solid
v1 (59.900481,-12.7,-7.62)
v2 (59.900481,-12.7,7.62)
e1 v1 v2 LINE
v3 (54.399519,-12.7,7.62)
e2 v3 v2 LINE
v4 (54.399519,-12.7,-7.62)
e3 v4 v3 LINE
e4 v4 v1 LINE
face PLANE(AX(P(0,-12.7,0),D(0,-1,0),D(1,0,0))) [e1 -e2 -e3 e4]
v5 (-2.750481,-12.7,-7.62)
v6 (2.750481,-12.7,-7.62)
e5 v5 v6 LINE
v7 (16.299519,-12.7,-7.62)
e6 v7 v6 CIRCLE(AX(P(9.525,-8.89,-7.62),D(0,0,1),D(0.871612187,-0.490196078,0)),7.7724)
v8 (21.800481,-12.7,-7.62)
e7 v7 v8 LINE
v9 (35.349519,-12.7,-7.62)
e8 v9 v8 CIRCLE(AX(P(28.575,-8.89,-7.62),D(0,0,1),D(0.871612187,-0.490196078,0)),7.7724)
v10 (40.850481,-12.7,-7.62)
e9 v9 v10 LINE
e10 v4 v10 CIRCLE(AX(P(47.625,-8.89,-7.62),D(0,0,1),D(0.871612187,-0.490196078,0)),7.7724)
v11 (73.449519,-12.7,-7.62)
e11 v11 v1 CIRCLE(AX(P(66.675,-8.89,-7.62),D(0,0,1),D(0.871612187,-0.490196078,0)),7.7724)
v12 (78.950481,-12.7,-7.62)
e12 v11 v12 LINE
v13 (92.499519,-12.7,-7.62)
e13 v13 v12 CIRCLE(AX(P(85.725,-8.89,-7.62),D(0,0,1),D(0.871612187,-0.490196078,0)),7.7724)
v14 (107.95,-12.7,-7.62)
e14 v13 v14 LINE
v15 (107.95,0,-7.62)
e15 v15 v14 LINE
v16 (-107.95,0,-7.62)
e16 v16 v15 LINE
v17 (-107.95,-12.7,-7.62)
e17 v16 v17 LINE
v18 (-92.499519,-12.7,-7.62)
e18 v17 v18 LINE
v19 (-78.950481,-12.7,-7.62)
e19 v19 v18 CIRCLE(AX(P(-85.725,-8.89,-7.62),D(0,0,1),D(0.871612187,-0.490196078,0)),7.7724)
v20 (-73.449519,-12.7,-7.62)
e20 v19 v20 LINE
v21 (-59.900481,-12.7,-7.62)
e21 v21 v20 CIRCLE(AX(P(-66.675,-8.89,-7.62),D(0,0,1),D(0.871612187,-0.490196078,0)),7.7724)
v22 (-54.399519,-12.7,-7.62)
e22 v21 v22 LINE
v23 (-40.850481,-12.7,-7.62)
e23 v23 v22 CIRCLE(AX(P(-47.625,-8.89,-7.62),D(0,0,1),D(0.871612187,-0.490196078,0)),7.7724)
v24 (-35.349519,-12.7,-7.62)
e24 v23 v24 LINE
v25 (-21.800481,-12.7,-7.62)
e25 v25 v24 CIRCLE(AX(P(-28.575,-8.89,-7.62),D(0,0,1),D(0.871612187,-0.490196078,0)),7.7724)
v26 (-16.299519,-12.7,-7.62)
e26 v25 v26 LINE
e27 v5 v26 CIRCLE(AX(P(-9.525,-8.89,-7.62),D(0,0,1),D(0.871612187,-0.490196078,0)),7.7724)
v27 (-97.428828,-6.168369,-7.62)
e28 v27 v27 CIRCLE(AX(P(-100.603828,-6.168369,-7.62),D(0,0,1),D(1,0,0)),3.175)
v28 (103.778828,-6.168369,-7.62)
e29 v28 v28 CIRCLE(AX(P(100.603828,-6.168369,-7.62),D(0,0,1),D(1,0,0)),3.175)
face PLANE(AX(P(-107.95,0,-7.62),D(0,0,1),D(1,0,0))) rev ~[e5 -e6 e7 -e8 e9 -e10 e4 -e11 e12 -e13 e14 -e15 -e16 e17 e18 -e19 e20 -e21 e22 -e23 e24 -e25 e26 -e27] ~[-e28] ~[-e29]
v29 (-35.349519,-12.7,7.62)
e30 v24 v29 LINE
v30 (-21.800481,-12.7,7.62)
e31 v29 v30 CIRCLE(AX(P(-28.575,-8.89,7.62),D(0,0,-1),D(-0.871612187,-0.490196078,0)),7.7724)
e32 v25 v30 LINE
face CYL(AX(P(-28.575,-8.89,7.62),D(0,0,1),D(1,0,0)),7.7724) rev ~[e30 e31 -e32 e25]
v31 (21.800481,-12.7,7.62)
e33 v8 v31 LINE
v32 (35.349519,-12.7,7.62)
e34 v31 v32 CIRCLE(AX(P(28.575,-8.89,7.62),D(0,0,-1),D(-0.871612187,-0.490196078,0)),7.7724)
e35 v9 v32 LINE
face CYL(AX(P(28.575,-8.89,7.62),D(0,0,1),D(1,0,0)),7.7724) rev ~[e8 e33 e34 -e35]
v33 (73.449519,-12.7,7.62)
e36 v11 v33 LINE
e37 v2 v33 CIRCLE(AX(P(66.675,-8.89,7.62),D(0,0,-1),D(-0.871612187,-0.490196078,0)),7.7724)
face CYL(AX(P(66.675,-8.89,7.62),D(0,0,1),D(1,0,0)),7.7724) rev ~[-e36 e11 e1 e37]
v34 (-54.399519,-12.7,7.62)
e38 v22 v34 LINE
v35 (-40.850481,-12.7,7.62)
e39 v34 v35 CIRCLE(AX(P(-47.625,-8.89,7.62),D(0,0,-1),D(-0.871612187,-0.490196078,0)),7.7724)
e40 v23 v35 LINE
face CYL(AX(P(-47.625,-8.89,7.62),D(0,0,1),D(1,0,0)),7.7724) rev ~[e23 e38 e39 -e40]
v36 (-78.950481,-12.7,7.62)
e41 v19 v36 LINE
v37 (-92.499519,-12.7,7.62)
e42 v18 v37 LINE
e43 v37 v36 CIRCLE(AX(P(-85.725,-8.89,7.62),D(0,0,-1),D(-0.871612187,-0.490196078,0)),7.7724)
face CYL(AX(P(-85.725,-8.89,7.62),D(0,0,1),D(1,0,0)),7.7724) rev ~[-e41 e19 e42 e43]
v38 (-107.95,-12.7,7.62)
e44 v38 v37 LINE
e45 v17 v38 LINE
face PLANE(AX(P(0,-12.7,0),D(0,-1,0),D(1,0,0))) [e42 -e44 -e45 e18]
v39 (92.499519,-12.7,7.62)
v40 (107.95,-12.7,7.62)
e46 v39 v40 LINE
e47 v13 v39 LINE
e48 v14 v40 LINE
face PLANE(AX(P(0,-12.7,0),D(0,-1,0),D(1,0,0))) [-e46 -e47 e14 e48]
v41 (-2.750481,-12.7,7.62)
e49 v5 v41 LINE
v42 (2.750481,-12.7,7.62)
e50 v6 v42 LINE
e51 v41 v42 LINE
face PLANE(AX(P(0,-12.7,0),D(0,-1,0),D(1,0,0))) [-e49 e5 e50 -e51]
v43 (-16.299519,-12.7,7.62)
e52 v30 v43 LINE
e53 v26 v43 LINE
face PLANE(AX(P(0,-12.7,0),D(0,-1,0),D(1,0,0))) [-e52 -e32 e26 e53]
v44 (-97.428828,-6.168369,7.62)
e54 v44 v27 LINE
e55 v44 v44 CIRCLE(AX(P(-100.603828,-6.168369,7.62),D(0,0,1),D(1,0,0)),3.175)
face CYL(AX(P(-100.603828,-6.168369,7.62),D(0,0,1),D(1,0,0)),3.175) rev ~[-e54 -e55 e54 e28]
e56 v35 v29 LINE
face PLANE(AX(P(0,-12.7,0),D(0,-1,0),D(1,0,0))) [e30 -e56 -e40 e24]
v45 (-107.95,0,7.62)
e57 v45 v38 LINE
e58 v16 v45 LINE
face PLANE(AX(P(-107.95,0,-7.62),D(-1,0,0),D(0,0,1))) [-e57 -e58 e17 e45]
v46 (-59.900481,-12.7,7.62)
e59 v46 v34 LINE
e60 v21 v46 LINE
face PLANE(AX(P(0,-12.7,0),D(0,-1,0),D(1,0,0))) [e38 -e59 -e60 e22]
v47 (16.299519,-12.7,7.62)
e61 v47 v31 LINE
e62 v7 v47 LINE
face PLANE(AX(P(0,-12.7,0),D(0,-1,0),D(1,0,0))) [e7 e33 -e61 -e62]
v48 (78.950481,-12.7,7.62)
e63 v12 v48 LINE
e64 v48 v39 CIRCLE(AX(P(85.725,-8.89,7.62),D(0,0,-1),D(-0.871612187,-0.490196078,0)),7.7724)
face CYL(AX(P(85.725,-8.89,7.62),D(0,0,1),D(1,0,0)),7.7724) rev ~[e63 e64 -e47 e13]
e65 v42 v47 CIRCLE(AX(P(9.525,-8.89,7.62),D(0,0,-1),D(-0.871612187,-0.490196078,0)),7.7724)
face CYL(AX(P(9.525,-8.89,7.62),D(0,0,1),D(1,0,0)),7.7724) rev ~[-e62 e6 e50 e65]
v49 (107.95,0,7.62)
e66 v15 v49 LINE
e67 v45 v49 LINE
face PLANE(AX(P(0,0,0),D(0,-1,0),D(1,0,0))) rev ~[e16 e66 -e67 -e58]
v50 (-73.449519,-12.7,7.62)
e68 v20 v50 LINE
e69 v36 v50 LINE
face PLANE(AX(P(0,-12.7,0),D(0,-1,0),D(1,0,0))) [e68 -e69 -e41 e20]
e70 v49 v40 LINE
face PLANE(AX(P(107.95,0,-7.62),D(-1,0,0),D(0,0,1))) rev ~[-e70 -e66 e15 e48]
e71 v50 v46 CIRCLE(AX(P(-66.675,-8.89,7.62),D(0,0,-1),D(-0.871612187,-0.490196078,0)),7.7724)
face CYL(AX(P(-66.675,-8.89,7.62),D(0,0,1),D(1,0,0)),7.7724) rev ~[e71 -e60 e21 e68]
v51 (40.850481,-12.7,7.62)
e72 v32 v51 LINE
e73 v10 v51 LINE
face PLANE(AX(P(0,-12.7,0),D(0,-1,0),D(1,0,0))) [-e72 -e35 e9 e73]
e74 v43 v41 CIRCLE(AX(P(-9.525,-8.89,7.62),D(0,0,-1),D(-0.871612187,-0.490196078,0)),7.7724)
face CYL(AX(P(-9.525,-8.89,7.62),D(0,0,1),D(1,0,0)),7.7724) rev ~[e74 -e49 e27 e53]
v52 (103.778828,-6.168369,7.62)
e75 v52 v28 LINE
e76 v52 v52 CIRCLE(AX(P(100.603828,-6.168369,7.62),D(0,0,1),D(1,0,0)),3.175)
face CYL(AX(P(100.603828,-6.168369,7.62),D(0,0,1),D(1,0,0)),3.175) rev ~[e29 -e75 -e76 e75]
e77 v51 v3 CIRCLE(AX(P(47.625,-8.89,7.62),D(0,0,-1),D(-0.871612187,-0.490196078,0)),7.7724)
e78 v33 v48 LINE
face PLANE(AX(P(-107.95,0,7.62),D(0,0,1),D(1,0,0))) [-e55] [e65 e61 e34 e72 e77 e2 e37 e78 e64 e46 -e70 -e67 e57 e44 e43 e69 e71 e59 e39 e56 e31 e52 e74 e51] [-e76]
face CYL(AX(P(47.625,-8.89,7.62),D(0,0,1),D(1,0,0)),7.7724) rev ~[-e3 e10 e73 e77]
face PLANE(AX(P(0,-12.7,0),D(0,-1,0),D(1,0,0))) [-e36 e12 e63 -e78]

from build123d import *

# Parameters (mm, degrees)
F0_W     = 215.9
F0_H     = 15.24
F1_DEPTH = 12.7
F2_R     = 7.7724
F3_DEPTH = 15.24
F4_R     = 3.175
F5_DEPTH = 15.241


with BuildPart() as f1:
    # F0 (on Front) → F1 (new body)
    with BuildSketch(Plane.XZ):
        Rectangle(F0_W, F0_H)
    extrude(amount=F1_DEPTH)

    # F2 (on face) → F3 (cut)
    with BuildSketch(Plane.XY.offset(7.62)):
        with Locations((-85.725, -8.89)):
            Circle(F2_R)
        with Locations((-66.675, -8.89)):
            Circle(F2_R)
        with Locations((-47.625, -8.89)):
            Circle(F2_R)
        with Locations((-28.575, -8.89)):
            Circle(F2_R)
        with Locations((-9.525, -8.89)):
            Circle(F2_R)
        with Locations((9.525, -8.89)):
            Circle(F2_R)
        with Locations((28.575, -8.89)):
            Circle(F2_R)
        with Locations((47.625, -8.89)):
            Circle(F2_R)
        with Locations((66.675, -8.89)):
            Circle(F2_R)
        with Locations((85.725, -8.89)):
            Circle(F2_R)
    extrude(amount=-F3_DEPTH, mode=Mode.SUBTRACT)

    # F4 (on face) → F5 (cut, through all)
    with BuildSketch(Plane.XY.offset(7.62)):
        with Locations((-100.603828, -6.168369)):
            Circle(F4_R)
        with Locations((100.603828, -6.168369)):
            Circle(F4_R)
    extrude(amount=-F5_DEPTH, mode=Mode.SUBTRACT)


solid = f1.part
